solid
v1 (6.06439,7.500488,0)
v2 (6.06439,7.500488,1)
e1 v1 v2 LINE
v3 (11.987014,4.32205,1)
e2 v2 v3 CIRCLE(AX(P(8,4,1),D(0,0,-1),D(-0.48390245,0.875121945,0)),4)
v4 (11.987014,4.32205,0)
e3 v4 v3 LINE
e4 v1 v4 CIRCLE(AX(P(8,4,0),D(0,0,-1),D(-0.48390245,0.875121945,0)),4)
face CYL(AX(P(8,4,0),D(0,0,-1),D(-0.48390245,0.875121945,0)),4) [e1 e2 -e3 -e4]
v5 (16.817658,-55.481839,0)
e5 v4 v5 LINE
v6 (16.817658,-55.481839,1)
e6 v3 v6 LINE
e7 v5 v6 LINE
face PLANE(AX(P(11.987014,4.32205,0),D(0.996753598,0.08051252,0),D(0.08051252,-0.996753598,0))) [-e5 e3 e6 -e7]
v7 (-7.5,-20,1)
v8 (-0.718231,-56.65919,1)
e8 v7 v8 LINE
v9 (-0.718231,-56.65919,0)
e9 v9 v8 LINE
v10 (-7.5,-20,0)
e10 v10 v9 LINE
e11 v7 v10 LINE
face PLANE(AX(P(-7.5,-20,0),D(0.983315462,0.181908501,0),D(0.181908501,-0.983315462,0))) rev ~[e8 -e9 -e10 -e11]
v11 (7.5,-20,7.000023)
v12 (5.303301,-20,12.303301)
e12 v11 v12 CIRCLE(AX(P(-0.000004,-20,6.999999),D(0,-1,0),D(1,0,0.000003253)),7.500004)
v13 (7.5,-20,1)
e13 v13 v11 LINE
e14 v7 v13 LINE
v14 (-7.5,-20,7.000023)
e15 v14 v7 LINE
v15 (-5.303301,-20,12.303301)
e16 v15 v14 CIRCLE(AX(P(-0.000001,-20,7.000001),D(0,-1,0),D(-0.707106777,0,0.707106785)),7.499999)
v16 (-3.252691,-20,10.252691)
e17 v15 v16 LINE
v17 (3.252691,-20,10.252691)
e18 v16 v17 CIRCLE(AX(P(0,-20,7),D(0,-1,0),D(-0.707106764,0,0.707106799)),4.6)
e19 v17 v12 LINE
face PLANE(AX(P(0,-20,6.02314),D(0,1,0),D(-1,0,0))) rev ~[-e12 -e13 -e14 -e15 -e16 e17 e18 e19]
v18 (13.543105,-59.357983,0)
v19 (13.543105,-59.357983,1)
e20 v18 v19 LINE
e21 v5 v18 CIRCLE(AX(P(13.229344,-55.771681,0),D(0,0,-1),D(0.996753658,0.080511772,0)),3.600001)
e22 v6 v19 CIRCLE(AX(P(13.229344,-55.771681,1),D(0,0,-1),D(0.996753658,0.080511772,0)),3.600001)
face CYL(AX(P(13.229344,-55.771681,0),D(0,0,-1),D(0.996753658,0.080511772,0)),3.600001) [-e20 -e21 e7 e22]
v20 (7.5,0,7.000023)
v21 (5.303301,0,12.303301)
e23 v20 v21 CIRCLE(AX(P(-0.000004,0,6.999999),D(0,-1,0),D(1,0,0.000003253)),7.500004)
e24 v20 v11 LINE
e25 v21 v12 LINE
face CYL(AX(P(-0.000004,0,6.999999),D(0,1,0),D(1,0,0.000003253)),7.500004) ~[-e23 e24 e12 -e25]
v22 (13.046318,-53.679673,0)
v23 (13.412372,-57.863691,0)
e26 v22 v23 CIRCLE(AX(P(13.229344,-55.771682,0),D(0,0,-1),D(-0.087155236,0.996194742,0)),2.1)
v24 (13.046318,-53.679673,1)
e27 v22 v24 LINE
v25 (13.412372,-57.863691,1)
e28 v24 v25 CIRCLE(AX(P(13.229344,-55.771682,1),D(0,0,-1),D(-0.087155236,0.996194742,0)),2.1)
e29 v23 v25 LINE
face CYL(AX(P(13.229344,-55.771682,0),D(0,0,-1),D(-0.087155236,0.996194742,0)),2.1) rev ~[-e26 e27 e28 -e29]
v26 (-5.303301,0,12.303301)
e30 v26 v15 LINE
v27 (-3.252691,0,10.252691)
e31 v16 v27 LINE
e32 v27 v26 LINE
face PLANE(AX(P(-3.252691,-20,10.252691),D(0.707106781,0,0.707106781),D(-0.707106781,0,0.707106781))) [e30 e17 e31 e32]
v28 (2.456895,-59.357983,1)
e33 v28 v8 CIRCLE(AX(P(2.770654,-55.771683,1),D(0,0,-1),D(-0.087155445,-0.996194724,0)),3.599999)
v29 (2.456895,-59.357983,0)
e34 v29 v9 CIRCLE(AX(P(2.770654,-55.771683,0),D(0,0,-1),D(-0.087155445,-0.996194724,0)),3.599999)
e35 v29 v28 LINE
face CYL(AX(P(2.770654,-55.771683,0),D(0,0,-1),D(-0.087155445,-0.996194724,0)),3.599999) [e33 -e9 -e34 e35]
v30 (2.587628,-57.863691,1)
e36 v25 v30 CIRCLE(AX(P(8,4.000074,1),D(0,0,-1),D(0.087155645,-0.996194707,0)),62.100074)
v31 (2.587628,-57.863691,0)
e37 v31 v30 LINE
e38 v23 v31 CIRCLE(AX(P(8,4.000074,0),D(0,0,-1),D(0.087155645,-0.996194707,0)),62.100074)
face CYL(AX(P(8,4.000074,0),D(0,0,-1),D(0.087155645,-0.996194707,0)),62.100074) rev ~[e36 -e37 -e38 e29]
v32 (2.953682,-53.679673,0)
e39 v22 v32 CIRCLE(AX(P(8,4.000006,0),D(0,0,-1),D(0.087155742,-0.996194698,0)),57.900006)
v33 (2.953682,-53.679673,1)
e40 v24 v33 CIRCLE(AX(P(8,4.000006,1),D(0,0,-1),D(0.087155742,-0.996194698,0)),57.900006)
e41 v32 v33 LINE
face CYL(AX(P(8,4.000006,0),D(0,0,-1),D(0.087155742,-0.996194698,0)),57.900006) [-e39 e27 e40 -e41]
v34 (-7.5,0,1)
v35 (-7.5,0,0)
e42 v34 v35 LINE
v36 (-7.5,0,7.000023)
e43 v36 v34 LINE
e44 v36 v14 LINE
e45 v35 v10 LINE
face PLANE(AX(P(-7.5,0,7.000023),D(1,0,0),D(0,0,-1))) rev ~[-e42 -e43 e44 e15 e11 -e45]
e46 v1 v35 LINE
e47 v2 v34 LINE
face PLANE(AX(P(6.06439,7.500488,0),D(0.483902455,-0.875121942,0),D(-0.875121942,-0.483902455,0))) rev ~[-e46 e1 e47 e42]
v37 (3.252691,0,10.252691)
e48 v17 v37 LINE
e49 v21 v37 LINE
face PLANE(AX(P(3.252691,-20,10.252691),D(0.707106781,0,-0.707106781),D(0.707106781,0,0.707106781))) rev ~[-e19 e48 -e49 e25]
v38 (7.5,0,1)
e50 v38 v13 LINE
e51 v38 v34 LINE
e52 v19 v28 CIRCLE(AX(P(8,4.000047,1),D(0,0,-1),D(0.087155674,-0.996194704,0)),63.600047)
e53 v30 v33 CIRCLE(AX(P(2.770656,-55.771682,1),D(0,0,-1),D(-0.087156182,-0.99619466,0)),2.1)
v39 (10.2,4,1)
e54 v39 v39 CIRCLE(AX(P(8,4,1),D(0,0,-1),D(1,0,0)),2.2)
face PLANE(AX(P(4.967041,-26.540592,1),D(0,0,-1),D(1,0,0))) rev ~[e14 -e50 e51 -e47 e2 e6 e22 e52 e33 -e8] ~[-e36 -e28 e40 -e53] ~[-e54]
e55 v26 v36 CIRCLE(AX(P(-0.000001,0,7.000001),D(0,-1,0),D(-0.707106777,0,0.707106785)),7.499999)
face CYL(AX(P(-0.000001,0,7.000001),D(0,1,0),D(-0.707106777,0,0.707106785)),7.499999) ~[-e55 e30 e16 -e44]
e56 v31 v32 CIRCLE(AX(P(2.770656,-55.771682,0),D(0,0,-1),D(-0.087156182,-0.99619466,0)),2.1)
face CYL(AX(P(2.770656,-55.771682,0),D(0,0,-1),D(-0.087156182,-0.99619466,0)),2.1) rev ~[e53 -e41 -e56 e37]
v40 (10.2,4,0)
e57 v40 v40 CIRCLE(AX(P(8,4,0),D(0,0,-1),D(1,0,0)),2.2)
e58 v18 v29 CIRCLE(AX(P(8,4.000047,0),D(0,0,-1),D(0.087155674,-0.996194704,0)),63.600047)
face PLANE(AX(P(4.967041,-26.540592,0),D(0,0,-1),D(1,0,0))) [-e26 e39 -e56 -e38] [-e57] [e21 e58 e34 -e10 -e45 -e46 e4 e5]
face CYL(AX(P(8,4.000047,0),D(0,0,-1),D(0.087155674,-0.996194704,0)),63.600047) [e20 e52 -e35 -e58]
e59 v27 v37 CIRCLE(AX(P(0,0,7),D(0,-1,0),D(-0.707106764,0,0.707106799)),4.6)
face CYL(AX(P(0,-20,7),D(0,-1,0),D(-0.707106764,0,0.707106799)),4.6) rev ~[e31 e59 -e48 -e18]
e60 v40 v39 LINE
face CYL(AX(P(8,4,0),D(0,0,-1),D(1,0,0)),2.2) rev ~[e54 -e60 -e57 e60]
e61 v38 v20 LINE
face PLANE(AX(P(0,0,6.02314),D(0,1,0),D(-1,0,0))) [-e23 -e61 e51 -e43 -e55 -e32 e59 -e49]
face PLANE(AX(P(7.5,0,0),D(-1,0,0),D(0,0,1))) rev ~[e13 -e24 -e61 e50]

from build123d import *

# Parameters (mm, degrees)
PAD_DEPTH    = 20
SKETCH001_R  = 2.2
PAD001_DEPTH = 1
PAD002_DEPTH = 20


with BuildPart() as part:
    # Sketch → Pad (new body)
    with BuildSketch(Plane.XZ):
        with BuildLine():
            Line((-7.5, 7.000023), (-7.5, 0))
            Line((-7.5, 0), (7.5, 0))
            Line((7.5, 0), (7.5, 7.000023))
            ThreePointArc((7.5, 7.000023), (6.929092, 9.870136), (5.303301, 12.303301))
            Line((4.242641, 11.242641), (5.303301, 12.303301))
            ThreePointArc((-4.242641, 11.242641), (0, 1), (4.242641, 11.242641))
            Line((-4.242641, 11.242641), (-5.303301, 12.303301))
            ThreePointArc((-5.303301, 12.303301), (-6.929092, 9.870137), (-7.5, 7.000023))
        make_face()
    extrude(amount=PAD_DEPTH)

    # Sketch001 → Pad001 (new body)
    with BuildSketch(Plane(origin=(0, 0, 0), x_dir=(1, 0, 0), z_dir=(0, 0, -1))):
        with BuildLine():
            ThreePointArc((13.543105, 59.357983), (8, 59.6), (2.456895, 59.357983))
            ThreePointArc((2.456895, 59.357983), (0.439153, 58.514691), (-0.718231, 56.65919))
            Line((-7.5, 20), (-0.718231, 56.65919))
            Line((-7.5, 0), (-7.5, 20))
            Line((6.06439, -7.500488), (-7.5, 0))
            ThreePointArc((6.06439, -7.500488), (9.891476, -7.524531), (11.987014, -4.32205))
            Line((11.987014, -4.32205), (16.817658, 55.481839))
            ThreePointArc((16.817658, 55.481839), (15.979375, 58.094898), (13.543105, 59.357983))
        make_face()
        with Locations((8, -4)):
            Circle(SKETCH001_R, mode=Mode.SUBTRACT)
        with BuildLine():
            ThreePointArc((13.046318, 53.679673), (8, 53.9), (2.953682, 53.679673))
            ThreePointArc((2.587628, 57.863691), (0.678647, 55.588655), (2.953682, 53.679673))
            ThreePointArc((13.412372, 57.863691), (8, 58.1), (2.587628, 57.863691))
            ThreePointArc((13.046318, 53.679673), (15.321353, 55.588655), (13.412372, 57.863691))
        make_face(mode=Mode.SUBTRACT)
    extrude(amount=-PAD001_DEPTH)

    # Sketch002 → Pad002 (new body)
    with BuildSketch(Plane.XZ.offset(20)):
        with BuildLine():
            ThreePointArc((-3.252691, 10.252691), (0, 2.4), (3.252691, 10.252691))
            Line((3.252691, 10.252691), (4.242641, 11.242641))
            ThreePointArc((-4.242641, 11.242641), (0, 1), (4.242641, 11.242641))
            Line((-3.252691, 10.252691), (-4.242641, 11.242641))
        make_face()
    extrude(amount=-PAD002_DEPTH)


solid = part.part
